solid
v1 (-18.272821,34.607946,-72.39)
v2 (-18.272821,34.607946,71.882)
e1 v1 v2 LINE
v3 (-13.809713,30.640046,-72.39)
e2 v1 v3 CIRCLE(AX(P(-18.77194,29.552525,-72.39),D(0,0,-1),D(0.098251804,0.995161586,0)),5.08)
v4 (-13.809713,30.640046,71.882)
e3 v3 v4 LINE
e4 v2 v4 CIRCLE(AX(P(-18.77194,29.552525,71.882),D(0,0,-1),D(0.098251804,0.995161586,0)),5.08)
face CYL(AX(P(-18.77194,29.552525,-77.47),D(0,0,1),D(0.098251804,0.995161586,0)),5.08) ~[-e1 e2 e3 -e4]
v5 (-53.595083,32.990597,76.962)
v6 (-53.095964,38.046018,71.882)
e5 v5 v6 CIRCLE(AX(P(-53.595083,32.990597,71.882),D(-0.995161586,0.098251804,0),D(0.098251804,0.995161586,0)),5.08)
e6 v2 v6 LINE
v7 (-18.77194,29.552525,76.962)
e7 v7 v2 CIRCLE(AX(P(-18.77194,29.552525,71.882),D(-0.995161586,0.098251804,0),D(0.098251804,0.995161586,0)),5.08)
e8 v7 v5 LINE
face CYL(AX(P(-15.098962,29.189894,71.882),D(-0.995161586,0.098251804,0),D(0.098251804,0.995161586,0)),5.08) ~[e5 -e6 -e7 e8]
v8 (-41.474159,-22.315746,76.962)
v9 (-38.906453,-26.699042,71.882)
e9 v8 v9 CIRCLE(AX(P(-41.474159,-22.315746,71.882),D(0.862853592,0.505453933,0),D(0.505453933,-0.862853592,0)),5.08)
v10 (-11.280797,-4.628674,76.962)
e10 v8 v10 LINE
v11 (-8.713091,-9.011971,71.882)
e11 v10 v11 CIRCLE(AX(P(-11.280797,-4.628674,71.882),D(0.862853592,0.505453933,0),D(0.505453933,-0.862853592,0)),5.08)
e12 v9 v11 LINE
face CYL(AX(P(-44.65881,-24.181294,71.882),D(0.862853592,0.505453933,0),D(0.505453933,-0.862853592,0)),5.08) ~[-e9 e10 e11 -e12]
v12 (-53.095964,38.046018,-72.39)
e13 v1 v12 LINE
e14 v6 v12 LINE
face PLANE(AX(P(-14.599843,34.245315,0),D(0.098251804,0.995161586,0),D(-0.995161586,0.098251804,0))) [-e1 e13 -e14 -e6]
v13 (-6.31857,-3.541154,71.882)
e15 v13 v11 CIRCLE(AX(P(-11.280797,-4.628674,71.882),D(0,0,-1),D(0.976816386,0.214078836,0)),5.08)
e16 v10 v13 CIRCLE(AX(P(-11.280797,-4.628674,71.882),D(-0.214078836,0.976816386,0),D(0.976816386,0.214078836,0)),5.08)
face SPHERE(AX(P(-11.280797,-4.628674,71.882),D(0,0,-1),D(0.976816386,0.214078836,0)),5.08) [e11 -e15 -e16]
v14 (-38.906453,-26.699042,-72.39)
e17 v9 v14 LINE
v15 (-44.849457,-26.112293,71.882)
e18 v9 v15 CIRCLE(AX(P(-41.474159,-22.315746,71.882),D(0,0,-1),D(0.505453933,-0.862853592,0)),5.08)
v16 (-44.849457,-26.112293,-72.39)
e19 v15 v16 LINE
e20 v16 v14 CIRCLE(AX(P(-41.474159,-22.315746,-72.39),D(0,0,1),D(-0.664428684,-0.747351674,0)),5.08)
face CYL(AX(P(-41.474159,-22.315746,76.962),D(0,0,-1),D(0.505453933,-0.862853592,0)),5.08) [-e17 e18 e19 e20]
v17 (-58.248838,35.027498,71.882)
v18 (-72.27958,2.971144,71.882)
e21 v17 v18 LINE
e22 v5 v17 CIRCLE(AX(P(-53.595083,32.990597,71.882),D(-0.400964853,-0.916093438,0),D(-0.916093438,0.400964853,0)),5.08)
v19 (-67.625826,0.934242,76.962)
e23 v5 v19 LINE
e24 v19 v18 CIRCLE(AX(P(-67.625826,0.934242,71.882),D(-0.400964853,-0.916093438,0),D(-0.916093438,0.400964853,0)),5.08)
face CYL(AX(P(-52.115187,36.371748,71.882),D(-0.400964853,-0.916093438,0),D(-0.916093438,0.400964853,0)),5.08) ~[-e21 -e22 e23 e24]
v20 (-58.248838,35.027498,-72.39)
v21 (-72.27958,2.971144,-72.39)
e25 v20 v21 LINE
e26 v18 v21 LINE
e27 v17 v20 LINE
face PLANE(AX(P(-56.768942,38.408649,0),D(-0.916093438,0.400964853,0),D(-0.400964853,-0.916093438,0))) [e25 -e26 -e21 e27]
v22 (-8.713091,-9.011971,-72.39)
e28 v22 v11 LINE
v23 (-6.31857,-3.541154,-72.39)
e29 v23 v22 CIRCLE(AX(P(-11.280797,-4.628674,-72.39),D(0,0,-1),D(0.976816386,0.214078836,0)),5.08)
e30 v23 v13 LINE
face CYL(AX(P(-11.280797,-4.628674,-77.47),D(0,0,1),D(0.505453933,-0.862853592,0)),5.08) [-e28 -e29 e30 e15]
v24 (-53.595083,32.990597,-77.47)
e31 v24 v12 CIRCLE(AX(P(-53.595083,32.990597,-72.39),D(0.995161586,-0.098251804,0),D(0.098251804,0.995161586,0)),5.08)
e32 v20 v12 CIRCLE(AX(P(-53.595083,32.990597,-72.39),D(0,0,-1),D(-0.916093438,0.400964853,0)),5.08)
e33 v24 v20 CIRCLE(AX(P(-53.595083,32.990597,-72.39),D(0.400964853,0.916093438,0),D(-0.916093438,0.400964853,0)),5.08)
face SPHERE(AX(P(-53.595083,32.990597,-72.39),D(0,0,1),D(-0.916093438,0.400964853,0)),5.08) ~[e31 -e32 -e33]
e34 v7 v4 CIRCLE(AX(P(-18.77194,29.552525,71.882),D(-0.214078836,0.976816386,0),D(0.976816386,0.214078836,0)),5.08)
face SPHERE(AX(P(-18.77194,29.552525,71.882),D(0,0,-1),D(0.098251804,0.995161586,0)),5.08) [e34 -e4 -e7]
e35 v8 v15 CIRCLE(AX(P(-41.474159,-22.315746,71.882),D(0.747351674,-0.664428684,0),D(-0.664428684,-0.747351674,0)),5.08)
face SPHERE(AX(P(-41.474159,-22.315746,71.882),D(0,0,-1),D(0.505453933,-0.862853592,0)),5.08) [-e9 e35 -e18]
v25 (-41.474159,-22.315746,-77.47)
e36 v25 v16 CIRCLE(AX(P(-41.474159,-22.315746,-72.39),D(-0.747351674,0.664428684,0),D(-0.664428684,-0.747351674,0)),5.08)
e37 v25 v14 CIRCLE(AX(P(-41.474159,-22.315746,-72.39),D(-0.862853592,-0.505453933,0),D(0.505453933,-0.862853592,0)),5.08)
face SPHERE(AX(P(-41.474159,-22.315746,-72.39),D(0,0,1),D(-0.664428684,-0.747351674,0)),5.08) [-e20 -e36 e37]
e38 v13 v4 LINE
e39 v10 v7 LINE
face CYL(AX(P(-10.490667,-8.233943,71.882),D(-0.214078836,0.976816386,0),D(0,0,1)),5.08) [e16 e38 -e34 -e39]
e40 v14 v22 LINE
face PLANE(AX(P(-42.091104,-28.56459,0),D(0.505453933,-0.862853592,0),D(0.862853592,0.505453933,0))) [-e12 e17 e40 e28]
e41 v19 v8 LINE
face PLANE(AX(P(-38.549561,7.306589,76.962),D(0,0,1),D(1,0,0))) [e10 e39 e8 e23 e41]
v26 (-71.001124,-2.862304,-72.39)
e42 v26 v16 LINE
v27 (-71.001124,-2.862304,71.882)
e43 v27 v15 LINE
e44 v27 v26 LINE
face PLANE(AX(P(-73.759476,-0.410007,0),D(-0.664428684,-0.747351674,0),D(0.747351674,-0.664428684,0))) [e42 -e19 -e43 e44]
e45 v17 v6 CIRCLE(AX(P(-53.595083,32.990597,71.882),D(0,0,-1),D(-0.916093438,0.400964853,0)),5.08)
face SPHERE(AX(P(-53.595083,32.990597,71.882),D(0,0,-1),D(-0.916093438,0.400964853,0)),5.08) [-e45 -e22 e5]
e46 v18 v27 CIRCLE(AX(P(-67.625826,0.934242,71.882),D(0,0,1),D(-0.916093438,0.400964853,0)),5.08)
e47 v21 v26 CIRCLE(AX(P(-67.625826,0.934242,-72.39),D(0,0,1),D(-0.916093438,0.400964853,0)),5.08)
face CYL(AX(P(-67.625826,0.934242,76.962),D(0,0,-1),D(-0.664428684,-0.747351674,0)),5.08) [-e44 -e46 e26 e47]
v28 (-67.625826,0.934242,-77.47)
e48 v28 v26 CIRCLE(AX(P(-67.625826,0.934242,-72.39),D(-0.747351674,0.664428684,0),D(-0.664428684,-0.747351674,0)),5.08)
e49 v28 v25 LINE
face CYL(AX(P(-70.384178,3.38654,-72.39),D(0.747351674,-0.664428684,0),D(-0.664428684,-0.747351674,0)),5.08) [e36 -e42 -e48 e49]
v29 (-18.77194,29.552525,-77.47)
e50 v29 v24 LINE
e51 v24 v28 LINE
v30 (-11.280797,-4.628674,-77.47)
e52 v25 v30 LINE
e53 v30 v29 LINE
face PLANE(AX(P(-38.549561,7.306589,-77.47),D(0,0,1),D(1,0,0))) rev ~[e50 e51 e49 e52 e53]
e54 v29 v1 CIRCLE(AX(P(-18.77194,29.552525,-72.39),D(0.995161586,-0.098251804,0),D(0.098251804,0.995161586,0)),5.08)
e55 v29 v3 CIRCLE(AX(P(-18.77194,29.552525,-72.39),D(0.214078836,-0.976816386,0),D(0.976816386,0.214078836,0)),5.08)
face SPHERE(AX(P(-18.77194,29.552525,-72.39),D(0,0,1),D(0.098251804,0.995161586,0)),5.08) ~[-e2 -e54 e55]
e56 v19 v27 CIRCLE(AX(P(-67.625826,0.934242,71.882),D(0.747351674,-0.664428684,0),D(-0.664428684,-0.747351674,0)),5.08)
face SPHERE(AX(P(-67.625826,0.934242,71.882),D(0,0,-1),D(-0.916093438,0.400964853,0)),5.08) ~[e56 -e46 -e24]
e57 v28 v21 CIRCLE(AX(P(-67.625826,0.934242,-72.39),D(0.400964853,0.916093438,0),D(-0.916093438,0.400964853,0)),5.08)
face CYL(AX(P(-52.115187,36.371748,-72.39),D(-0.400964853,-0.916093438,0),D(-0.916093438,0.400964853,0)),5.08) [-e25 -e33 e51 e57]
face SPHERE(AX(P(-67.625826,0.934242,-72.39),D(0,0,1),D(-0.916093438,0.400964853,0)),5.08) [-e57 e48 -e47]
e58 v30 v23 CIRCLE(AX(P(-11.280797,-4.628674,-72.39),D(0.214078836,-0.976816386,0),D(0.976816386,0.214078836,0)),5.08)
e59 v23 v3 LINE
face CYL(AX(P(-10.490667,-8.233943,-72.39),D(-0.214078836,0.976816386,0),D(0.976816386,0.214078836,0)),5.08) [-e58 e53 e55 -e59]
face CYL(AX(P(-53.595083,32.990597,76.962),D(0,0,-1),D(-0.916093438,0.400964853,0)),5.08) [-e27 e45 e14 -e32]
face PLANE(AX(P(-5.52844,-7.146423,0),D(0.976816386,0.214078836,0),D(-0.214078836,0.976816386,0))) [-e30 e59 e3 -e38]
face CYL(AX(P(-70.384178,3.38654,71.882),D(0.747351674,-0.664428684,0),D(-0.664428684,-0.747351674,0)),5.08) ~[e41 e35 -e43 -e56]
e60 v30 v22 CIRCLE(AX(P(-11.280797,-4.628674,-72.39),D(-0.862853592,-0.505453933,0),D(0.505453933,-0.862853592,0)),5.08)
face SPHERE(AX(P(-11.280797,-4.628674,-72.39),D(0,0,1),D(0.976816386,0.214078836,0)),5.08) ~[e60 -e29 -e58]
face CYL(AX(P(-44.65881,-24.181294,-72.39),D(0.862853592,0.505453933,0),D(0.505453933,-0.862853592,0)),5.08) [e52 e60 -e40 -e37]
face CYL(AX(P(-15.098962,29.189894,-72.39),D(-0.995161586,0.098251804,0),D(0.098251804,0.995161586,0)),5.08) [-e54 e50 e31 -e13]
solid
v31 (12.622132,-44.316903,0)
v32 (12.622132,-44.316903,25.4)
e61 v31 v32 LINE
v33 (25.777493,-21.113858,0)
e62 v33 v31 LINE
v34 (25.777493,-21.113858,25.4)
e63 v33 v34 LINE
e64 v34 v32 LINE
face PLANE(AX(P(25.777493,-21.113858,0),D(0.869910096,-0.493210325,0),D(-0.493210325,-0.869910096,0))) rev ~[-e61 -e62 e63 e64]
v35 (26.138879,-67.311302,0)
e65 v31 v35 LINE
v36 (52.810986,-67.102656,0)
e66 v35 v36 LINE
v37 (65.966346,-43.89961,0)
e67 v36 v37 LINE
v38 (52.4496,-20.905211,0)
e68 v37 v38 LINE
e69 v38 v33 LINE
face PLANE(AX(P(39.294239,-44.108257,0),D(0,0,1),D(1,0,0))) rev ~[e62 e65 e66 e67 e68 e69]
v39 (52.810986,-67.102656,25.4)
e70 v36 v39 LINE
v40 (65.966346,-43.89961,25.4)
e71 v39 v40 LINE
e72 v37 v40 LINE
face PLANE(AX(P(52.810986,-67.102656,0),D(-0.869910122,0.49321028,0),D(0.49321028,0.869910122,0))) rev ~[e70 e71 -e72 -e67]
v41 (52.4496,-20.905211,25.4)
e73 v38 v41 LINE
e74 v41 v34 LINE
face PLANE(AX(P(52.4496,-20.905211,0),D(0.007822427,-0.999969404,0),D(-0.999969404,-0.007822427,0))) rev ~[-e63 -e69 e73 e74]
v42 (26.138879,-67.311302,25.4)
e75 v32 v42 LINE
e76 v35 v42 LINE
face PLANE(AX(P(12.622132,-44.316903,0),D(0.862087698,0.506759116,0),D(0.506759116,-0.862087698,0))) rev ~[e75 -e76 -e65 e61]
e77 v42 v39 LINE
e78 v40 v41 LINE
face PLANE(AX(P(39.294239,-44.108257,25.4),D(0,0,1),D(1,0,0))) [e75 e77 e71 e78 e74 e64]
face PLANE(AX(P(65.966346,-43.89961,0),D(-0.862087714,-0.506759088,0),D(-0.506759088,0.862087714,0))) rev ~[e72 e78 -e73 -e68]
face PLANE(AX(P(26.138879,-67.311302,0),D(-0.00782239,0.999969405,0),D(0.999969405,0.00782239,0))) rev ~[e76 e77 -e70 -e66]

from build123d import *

# Parameters (mm, degrees)
F1_DEPTH      = 76.962
F1_DEPTH_BACK = 77.47
F2_R          = 5.08
F4_DEPTH      = 25.4
F5_DEPTH      = 25.4


with BuildPart() as f1:
    # F0 (on Top) → F1 (new body, two sides)
    with BuildSketch(Plane.XY) as f1_sk:
        Polygon((-42.091104, -28.56459), (-5.52844, -7.146423), (-14.599843, 34.245315), (-56.768942, 38.408649), (-73.759476, -0.410007), align=None)
    extrude(amount=F1_DEPTH)
    extrude(f1_sk.sketch, amount=-F1_DEPTH_BACK)

    # F2
    f2_edges = [f1.edges().sort_by_distance(p)[0] for p in [
        (-57.92529, -14.487299, 76.962),
        (-42.091104, -28.56459, -0.254),
        (-57.92529, -14.487299, -77.47),
        (-73.759476, -0.410007, -0.254),
        (-56.768942, 38.408649, -0.254),
        (-65.264209, 18.999321, 76.962),
        (-65.264209, 18.999321, -77.47),
        (-14.599843, 34.245315, -0.254),
        (-35.684392, 36.326982, 76.962),
        (-35.684392, 36.326982, -77.47),
        (-5.52844, -7.146423, -0.254),
        (-10.064141, 13.549446, 76.962),
        (-10.064141, 13.549446, -77.47),
        (-23.809772, -17.855506, 76.962),
        (-23.809772, -17.855506, -77.47),
    ]]
    fillet(f2_edges, radius=F2_R)


with BuildPart() as f4:
    # F3 (on Top) → F4 (new body)
    with BuildSketch(Plane.XY):
        Polygon((26.138879, -67.311302), (52.810986, -67.102656), (65.966346, -43.89961), (52.4496, -20.905211), (25.777493, -21.113858), (12.622132, -44.316903), align=None)
    extrude(amount=F4_DEPTH)

    # F3 (on Top) → F5 (join)
    with BuildSketch(Plane.XY):
        Polygon((26.138879, -67.311302), (52.810986, -67.102656), (65.966346, -43.89961), (52.4496, -20.905211), (25.777493, -21.113858), (12.622132, -44.316903), align=None)
    extrude(amount=F5_DEPTH)


solid = Compound([f1.part, f4.part])
